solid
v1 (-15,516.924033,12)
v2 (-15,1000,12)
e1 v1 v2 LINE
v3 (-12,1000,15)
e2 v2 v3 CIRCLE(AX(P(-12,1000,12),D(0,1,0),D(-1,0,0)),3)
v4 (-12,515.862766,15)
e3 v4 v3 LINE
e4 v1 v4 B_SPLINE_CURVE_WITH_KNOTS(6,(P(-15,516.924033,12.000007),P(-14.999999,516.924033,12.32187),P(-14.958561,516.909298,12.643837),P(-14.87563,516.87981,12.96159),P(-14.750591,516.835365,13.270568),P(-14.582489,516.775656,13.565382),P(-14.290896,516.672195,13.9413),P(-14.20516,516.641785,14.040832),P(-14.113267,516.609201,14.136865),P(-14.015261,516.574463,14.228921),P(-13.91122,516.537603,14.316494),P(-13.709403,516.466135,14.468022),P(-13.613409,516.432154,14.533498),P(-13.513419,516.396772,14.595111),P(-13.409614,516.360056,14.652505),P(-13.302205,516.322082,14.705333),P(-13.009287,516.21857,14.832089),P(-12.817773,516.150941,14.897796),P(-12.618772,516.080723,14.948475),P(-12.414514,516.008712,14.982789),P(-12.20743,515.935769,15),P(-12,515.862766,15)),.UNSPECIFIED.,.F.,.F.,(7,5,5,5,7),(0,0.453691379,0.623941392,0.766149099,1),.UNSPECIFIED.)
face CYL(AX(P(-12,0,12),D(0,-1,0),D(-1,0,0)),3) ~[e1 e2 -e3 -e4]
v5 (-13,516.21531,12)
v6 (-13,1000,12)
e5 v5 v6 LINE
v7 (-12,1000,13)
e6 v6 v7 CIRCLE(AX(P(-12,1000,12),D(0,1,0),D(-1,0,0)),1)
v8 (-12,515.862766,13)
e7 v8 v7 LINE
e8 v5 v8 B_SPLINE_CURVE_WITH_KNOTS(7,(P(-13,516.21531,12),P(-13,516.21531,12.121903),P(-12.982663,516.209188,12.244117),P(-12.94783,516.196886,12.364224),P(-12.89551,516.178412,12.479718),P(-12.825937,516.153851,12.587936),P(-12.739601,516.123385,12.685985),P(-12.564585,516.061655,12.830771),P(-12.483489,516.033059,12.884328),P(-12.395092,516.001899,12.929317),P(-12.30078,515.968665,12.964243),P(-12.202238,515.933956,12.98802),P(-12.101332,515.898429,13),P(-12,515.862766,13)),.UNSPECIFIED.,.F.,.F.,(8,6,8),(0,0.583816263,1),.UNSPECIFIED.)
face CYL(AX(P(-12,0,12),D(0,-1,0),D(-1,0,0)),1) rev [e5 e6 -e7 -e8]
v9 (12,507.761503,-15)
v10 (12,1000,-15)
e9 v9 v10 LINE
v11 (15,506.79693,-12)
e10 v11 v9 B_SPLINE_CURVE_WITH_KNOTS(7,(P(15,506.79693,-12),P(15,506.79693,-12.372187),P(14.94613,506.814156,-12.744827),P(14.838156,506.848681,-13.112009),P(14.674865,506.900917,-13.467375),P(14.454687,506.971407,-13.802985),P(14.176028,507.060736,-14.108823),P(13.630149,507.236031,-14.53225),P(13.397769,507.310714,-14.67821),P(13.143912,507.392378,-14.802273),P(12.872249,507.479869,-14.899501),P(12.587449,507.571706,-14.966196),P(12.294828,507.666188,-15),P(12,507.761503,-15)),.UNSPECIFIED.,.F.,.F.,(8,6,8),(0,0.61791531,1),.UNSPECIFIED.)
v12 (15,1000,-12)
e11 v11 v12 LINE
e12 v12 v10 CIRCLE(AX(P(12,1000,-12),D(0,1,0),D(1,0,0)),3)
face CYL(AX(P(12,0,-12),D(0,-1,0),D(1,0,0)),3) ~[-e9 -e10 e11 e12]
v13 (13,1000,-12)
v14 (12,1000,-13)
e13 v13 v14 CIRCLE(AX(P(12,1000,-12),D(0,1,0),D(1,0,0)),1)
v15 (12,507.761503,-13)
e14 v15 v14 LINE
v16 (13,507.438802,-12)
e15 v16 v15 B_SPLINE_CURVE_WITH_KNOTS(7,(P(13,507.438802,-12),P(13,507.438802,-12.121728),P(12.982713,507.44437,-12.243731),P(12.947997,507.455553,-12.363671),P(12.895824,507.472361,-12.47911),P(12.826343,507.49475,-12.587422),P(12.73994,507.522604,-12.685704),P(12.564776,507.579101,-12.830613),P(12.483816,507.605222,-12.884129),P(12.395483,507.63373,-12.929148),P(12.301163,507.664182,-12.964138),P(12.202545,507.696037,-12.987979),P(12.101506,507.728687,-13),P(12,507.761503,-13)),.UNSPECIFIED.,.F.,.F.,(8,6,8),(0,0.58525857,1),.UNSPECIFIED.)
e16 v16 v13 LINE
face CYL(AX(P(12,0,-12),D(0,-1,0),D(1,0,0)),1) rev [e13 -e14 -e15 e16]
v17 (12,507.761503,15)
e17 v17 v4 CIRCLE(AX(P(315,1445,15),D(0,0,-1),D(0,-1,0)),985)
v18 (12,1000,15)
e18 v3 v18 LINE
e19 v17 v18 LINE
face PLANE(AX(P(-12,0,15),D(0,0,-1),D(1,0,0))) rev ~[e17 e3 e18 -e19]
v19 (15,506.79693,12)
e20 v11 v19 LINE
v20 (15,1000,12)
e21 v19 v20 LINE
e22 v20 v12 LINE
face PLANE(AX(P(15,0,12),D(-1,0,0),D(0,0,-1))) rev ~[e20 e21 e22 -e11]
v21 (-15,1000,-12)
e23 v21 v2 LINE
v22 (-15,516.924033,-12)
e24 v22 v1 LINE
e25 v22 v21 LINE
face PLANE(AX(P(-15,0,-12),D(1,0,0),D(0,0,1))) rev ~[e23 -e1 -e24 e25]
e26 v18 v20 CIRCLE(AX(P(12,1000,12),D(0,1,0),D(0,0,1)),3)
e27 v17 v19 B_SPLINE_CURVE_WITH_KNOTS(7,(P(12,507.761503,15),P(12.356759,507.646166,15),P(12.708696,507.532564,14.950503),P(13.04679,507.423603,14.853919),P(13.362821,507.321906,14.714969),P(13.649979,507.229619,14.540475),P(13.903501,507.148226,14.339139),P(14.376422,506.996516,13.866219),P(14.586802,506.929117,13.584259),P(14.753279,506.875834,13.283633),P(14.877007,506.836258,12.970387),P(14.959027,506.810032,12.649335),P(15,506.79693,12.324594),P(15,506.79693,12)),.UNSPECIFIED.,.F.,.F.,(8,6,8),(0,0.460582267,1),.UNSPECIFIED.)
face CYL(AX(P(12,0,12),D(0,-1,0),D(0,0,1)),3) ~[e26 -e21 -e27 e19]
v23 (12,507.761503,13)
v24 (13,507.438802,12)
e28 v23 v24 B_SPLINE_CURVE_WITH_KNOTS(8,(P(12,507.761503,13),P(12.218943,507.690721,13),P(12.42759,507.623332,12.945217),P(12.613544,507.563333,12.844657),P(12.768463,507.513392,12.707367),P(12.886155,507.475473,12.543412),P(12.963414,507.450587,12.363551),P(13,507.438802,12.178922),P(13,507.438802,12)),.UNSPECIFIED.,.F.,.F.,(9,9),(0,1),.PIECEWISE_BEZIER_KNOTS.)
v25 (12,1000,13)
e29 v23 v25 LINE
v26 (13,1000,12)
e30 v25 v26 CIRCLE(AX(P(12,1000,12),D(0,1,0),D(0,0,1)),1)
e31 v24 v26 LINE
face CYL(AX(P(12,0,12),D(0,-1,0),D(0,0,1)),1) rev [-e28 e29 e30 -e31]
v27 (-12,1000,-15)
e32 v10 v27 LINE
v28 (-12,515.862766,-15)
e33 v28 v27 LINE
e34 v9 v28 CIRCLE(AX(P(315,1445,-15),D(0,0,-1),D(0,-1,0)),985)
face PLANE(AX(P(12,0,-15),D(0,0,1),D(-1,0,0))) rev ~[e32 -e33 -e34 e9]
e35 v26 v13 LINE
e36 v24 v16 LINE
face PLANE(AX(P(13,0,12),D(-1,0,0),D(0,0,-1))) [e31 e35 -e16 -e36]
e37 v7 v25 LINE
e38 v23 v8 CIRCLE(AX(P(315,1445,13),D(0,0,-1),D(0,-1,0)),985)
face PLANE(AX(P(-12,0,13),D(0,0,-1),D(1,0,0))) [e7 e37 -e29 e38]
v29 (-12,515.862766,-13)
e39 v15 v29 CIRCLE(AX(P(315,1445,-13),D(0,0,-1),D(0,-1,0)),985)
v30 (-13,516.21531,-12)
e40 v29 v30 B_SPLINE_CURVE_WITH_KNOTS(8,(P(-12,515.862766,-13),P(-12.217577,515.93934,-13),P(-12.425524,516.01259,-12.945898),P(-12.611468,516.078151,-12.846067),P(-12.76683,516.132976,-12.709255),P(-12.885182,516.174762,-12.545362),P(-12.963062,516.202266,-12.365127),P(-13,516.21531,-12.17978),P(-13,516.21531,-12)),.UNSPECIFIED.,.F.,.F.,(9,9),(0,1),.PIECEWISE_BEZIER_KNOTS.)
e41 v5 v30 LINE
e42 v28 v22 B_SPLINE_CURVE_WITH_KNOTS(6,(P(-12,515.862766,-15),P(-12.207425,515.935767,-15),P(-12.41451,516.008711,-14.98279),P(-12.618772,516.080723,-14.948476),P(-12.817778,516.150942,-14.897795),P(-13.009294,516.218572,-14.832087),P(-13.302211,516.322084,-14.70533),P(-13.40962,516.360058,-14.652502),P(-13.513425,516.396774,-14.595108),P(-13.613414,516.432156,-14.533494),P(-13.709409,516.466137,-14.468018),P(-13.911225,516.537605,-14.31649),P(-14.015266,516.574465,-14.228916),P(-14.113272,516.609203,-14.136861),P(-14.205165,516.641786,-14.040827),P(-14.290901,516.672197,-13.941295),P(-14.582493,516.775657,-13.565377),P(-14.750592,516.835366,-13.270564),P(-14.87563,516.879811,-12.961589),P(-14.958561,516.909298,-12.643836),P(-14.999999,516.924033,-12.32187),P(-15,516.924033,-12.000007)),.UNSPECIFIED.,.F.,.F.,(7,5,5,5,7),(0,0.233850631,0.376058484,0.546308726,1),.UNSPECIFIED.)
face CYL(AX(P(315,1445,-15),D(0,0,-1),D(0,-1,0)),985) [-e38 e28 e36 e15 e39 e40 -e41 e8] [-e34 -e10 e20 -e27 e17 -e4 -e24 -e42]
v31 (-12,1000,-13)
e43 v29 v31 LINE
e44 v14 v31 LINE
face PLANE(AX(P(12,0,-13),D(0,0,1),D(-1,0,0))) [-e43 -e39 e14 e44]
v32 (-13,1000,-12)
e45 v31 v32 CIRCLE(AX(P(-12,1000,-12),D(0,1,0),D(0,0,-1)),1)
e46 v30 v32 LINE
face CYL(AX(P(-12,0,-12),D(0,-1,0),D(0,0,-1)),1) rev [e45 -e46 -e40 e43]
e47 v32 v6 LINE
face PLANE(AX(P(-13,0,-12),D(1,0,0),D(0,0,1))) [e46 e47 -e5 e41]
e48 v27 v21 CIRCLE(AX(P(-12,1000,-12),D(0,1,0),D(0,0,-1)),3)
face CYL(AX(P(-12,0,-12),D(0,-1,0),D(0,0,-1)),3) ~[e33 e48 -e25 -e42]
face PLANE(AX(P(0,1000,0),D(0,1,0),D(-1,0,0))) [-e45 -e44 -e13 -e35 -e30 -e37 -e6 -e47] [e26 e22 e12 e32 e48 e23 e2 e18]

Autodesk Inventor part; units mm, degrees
ref_plane "YZ Plane" through (0, 0, 0) normal (1, 0, 0) x (0, 1, 0)
ref_plane "XZ Plane" through (0, 0, 0) normal (0, 1, 0) x (-1, 0, 0)
sketch "Sketch1" plane through (0, 0, 0) normal (0, 1, 0) x (-1, 0, 0)
  line L0 (-12, 14) -> (12, 14) construction
  line L1 (14, 12) -> (14, -12) construction
  line L2 (12, -14) -> (-12, -14) construction
  line L3 (-14, -12) -> (-14, 12) construction
  line L4 (-14, 14) -> (14, -14) construction
  line L5 (14, 14) -> (-14, -14) construction
  arc A0 (14, 12) -> (12, 14) centre (12, 12) ccw construction
  arc A1 (12, -14) -> (14, -12) centre (12, -12) ccw construction
  arc A2 (-14, -12) -> (-12, -14) centre (-12, -12) ccw construction
  arc A3 (-12, 14) -> (-14, 12) centre (-12, 12) ccw construction
  line L6 (-12, -15) -> (12, -15)
  arc A4 (12, -15) -> (15, -12) centre (12, -12) ccw
  line L7 (15, -12) -> (15, 12)
  arc A5 (15, 12) -> (12, 15) centre (12, 12) ccw
  line L8 (12, 15) -> (-12, 15)
  arc A6 (-12, 15) -> (-15, 12) centre (-12, 12) ccw
  line L9 (-15, 12) -> (-15, -12)
  arc A7 (-15, -12) -> (-12, -15) centre (-12, -12) ccw
  line L10 (13, -12) -> (13, 12)
  arc A8 (13, 12) -> (12, 13) centre (12, 12) ccw
  line L11 (12, 13) -> (-12, 13)
  arc A9 (-12, 13) -> (-13, 12) centre (-12, 12) ccw
  line L12 (-13, 12) -> (-13, -12)
  arc A10 (-13, -12) -> (-12, -13) centre (-12, -12) ccw
  line L13 (-12, -13) -> (12, -13)
  arc A11 (12, -13) -> (13, -12) centre (12, -12) ccw
  point P0 (0, 0)
  point P1 (0, 0)
  point P2 (0, 0)
  dimension "d10" = 2
  dimension "depth" = 30
  dimension "width" = 30
  dimension "thickness" = 2
extrude "Extrusion1" add sketch "Sketch1" along normal blind 1000
ref_plane "Work Plane1" through (0, 500, 0) normal (0, -1, 0) x (1, 0, 0)
sketch "Sketch4" plane through (12, 0, -15) normal (0, 0, -1) x (-1, 0, 0)
  arc A0 (-303, 460) -> (-303, 2430) centre (-303, 1445) ccw projected
  line L0 (27, 0) -> (27, 1000) projected
  line L1 (-3, 0) -> (-3, 1000) projected
  line L2 (27, 0) -> (24, 0) projected
  line L3 (0, 0) -> (24, 0) projected
  line L4 (0, 0) -> (-3, 0) projected
  point P0 (12, 0)
  point P1 (27, 516.924)
  point P2 (-3, 506.7969)
extrude "Extrusion3" cut sketch "Sketch4" against normal through all
equation "\"d10\" = thickness"
properties part number "podest duzy profil 4" material "Steel"
